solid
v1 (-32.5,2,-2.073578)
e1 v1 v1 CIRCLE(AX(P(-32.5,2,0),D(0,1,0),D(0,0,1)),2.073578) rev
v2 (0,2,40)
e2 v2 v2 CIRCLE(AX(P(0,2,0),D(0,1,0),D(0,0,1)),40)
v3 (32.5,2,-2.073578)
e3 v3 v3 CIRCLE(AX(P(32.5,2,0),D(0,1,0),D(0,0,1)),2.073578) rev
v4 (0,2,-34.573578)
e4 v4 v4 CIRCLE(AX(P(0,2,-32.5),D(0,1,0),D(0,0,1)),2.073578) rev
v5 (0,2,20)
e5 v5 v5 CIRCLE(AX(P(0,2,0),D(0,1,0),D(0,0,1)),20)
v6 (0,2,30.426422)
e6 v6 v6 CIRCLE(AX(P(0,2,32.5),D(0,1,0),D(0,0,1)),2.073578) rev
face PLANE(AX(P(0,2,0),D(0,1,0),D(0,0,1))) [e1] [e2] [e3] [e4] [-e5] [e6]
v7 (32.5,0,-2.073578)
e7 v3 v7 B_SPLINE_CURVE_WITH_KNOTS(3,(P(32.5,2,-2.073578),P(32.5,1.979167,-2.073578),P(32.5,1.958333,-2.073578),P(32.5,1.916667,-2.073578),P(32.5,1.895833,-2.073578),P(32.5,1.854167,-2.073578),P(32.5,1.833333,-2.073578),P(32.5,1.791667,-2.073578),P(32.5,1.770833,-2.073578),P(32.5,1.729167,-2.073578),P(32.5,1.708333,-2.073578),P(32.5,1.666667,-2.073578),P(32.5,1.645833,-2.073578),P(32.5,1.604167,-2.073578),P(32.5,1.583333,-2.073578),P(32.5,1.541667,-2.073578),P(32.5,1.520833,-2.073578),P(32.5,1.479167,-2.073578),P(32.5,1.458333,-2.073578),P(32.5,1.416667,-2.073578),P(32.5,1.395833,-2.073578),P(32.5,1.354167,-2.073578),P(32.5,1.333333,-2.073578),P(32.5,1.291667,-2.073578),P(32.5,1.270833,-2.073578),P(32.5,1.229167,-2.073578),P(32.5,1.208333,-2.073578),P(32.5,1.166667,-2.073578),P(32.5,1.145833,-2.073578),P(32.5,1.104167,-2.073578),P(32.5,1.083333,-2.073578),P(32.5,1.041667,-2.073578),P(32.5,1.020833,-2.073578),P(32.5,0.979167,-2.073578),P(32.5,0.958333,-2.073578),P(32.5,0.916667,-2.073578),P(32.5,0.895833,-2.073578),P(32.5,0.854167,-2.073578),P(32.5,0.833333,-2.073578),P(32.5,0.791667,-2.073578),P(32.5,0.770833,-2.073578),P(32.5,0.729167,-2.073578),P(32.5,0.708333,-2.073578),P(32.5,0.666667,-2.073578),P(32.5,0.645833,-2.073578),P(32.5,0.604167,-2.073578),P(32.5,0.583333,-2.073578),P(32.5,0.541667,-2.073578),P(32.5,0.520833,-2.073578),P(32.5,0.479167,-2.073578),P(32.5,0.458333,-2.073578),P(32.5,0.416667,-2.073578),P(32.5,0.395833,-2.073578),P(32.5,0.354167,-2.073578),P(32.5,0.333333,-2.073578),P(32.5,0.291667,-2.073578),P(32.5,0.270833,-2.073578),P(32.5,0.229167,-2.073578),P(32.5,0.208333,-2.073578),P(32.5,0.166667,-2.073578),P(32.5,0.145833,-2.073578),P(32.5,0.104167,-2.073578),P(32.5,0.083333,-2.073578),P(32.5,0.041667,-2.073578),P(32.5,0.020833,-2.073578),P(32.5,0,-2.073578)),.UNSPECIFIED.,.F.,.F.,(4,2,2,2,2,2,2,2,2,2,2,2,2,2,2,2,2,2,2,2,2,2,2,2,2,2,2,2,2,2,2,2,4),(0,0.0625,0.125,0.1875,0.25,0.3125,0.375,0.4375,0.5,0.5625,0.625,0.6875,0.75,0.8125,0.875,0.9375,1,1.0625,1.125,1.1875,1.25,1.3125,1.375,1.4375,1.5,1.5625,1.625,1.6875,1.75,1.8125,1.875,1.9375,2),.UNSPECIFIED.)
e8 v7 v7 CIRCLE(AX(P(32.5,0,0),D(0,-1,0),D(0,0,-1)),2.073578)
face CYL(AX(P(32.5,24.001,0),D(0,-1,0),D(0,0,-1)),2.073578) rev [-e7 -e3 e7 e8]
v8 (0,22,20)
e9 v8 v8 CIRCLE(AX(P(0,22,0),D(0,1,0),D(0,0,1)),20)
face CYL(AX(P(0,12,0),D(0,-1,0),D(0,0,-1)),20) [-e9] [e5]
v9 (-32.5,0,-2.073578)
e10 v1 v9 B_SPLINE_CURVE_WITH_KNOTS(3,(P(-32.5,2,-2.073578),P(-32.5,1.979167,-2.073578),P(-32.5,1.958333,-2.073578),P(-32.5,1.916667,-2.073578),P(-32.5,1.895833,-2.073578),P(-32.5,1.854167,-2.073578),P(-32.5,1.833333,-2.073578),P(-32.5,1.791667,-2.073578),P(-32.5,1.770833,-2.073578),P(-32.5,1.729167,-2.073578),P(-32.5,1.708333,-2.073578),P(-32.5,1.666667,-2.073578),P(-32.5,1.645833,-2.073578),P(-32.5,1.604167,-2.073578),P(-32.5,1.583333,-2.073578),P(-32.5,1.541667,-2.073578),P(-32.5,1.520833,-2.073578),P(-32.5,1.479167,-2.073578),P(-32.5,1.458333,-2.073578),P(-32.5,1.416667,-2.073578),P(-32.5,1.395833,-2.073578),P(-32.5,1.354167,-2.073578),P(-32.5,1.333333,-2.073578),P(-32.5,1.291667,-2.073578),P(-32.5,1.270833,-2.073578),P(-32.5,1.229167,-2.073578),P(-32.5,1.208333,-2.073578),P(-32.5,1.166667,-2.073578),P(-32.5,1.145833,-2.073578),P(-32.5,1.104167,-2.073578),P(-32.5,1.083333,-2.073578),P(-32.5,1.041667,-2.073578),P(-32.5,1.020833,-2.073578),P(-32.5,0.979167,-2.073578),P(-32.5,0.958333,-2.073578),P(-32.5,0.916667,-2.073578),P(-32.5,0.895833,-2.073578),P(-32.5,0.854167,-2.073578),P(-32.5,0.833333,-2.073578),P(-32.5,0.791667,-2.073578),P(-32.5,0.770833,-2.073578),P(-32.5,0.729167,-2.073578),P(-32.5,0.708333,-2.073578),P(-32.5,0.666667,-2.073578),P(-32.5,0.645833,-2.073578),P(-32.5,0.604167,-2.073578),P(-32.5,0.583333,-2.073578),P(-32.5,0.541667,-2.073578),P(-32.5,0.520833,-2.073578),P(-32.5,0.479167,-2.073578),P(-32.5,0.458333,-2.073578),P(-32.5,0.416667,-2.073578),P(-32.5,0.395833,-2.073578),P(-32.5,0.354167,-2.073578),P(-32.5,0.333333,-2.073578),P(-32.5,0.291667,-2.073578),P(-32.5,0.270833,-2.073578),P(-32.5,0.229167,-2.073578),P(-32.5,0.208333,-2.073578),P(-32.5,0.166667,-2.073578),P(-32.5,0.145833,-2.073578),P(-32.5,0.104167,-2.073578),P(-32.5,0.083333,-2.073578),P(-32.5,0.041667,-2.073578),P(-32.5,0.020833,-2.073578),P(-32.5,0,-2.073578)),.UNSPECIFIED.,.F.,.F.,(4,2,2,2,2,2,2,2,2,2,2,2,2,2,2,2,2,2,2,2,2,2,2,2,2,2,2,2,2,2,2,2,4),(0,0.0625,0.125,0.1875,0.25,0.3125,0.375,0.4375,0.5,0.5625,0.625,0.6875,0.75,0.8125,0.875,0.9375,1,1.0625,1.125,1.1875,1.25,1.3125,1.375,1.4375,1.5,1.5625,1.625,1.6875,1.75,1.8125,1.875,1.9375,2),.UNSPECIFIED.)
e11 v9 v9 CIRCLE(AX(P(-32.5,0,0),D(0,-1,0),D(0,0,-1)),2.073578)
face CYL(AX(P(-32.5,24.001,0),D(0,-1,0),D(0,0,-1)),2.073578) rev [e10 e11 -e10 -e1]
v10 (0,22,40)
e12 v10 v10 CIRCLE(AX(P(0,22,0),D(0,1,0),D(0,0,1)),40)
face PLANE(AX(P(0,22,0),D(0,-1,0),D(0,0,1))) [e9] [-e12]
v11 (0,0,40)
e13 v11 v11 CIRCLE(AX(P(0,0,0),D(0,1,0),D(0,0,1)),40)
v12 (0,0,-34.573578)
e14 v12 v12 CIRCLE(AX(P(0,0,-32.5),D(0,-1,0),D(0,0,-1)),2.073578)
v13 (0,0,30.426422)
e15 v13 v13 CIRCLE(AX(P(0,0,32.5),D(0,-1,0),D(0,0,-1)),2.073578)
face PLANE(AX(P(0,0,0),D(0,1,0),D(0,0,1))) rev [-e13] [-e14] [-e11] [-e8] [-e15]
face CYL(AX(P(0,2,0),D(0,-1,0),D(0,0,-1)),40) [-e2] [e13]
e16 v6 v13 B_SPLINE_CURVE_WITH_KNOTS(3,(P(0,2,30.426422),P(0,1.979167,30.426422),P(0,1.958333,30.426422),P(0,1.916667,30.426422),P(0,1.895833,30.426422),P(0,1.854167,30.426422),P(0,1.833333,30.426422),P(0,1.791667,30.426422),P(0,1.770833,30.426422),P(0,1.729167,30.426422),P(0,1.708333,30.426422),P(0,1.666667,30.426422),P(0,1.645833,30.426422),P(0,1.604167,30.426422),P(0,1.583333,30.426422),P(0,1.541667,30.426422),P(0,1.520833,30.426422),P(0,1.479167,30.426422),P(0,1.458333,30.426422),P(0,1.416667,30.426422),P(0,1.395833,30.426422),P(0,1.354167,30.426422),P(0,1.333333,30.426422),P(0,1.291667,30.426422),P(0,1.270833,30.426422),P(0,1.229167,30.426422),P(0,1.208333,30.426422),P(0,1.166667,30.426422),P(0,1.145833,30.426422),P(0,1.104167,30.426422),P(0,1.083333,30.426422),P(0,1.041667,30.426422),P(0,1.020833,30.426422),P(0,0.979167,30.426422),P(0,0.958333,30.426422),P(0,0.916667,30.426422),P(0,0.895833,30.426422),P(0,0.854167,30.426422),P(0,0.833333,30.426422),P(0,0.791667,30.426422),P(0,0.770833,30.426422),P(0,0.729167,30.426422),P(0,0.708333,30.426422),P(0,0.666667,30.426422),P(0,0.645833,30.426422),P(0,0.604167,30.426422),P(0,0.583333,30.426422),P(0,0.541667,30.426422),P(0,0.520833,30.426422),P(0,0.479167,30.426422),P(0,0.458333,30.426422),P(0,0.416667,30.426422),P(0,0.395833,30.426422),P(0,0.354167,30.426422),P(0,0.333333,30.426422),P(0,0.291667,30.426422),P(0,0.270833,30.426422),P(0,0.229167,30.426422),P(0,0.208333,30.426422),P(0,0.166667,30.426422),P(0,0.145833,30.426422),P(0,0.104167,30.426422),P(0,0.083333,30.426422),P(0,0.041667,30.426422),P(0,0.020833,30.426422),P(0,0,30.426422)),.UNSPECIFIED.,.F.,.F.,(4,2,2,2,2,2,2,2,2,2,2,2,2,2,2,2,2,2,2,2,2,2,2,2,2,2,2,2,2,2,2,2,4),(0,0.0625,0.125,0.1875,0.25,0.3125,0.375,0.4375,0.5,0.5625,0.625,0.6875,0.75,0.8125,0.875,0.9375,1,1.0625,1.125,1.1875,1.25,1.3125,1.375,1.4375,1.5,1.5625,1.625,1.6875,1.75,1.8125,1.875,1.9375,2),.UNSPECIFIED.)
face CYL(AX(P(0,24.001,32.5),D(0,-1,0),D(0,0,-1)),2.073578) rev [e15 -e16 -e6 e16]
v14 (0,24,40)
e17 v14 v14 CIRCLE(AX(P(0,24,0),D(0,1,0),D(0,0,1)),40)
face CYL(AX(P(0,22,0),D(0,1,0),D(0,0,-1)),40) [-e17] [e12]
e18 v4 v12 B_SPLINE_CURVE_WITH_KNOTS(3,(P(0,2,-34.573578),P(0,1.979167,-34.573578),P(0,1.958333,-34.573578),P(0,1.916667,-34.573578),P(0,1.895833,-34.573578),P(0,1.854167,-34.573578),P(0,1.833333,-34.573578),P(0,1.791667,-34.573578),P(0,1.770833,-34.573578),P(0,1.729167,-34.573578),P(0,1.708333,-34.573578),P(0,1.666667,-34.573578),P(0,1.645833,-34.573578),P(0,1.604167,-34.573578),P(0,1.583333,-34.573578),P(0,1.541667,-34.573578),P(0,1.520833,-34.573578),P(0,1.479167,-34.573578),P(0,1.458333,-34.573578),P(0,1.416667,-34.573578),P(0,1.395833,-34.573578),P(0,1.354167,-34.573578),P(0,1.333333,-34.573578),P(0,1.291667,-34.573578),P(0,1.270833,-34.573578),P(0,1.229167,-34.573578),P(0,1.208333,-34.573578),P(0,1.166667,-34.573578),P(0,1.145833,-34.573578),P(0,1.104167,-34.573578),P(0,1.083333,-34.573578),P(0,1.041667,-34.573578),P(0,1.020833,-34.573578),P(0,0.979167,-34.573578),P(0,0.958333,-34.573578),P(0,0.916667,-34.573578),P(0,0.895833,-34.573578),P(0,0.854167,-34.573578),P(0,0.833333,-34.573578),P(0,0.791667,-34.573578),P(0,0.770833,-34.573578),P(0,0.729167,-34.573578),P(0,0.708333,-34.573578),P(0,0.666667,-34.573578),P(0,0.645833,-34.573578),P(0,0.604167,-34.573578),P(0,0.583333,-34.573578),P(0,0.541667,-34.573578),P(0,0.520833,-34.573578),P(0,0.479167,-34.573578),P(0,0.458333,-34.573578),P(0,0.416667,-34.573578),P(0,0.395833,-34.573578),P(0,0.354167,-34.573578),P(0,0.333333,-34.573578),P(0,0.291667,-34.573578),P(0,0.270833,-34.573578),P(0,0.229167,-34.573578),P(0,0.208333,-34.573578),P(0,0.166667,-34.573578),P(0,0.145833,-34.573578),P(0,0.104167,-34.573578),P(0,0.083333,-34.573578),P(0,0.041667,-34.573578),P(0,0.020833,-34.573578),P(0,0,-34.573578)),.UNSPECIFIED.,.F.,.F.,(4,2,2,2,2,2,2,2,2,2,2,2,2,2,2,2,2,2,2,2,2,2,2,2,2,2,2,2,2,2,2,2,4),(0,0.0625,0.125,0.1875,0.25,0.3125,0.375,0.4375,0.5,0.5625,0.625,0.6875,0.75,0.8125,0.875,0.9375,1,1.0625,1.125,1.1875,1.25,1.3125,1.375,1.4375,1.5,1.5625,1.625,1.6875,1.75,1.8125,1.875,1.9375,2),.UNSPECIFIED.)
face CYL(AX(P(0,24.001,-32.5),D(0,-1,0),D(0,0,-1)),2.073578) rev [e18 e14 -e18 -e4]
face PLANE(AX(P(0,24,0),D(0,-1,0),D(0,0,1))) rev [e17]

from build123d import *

# Parameters (mm, degrees)
SKETCH1_R           = 40
BOSS_EXTRUDE1_DEPTH = 2
SKETCH2_R           = 20
BOSS_EXTRUDE2_DEPTH = 10
CUT_EXTRUDE1_REACH  = 63.449
SKETCH3_R           = 2.073577671


with BuildPart() as part:
    # Sketch1 → Boss-Extrude1 (new body)
    with BuildSketch(Plane(origin=(0, 0, 0), x_dir=(1, 0, 0), z_dir=(0, 1, 0))):
        with Locations(Location((0, 0, 0), (0, 0, 270))):
            Circle(SKETCH1_R)
    boss_extrude1 = extrude(amount=BOSS_EXTRUDE1_DEPTH)

    # Sketch2 → Boss-Extrude2 (add)
    with BuildSketch(Plane(origin=(0, 2, 0), x_dir=(1, 0, 0), z_dir=(0, 1, 0))):
        with Locations(Location((0, 0, 0), (0, 0, 270))):
            Circle(SKETCH2_R)
    boss_extrude2 = extrude(amount=BOSS_EXTRUDE2_DEPTH)

    # Mirror1: Boss-Extrude1, Boss-Extrude2 across plane
    add(boss_extrude1.mirror(Plane.ZX.offset(12)))
    add(boss_extrude2.mirror(Plane.ZX.offset(12)))

    # Sketch3 → Cut-Extrude1 (cut, up to next)
    with BuildSketch(Plane.XZ, mode=Mode.PRIVATE) as cut_extrude1_sk1:
        with Locations(Location((0, 32.5, 0), (0, 0, 270))):
            Circle(SKETCH3_R)
    cut_extrude1_tool1 = extrude(cut_extrude1_sk1.sketch, amount=-CUT_EXTRUDE1_REACH, mode=Mode.PRIVATE) & part.part
    # Sketch3 → Cut-Extrude1 (cut, up to next)
    with BuildSketch(Plane.XZ, mode=Mode.PRIVATE) as cut_extrude1_sk2:
        with Locations(Location((32.5, 0, 0), (0, 0, 270))):
            Circle(SKETCH3_R)
    cut_extrude1_tool2 = extrude(cut_extrude1_sk2.sketch, amount=-CUT_EXTRUDE1_REACH, mode=Mode.PRIVATE) & part.part
    # Sketch3 → Cut-Extrude1 (cut, up to next)
    with BuildSketch(Plane.XZ, mode=Mode.PRIVATE) as cut_extrude1_sk3:
        with Locations(Location((0, -32.5, 0), (0, 0, 270))):
            Circle(SKETCH3_R)
    cut_extrude1_tool3 = extrude(cut_extrude1_sk3.sketch, amount=-CUT_EXTRUDE1_REACH, mode=Mode.PRIVATE) & part.part
    # Sketch3 → Cut-Extrude1 (cut, up to next)
    with BuildSketch(Plane.XZ, mode=Mode.PRIVATE) as cut_extrude1_sk4:
        with Locations(Location((-32.5, 0, 0), (0, 0, 270))):
            Circle(SKETCH3_R)
    cut_extrude1_tool4 = extrude(cut_extrude1_sk4.sketch, amount=-CUT_EXTRUDE1_REACH, mode=Mode.PRIVATE) & part.part
    add(cut_extrude1_tool1.solids().sort_by_distance((0, 0, 32.5))[0], mode=Mode.SUBTRACT)
    add(cut_extrude1_tool2.solids().sort_by_distance((32.5, 0, 0))[0], mode=Mode.SUBTRACT)
    add(cut_extrude1_tool3.solids().sort_by_distance((0, 0, -32.5))[0], mode=Mode.SUBTRACT)
    add(cut_extrude1_tool4.solids().sort_by_distance((-32.5, 0, 0))[0], mode=Mode.SUBTRACT)


solid = part.part
